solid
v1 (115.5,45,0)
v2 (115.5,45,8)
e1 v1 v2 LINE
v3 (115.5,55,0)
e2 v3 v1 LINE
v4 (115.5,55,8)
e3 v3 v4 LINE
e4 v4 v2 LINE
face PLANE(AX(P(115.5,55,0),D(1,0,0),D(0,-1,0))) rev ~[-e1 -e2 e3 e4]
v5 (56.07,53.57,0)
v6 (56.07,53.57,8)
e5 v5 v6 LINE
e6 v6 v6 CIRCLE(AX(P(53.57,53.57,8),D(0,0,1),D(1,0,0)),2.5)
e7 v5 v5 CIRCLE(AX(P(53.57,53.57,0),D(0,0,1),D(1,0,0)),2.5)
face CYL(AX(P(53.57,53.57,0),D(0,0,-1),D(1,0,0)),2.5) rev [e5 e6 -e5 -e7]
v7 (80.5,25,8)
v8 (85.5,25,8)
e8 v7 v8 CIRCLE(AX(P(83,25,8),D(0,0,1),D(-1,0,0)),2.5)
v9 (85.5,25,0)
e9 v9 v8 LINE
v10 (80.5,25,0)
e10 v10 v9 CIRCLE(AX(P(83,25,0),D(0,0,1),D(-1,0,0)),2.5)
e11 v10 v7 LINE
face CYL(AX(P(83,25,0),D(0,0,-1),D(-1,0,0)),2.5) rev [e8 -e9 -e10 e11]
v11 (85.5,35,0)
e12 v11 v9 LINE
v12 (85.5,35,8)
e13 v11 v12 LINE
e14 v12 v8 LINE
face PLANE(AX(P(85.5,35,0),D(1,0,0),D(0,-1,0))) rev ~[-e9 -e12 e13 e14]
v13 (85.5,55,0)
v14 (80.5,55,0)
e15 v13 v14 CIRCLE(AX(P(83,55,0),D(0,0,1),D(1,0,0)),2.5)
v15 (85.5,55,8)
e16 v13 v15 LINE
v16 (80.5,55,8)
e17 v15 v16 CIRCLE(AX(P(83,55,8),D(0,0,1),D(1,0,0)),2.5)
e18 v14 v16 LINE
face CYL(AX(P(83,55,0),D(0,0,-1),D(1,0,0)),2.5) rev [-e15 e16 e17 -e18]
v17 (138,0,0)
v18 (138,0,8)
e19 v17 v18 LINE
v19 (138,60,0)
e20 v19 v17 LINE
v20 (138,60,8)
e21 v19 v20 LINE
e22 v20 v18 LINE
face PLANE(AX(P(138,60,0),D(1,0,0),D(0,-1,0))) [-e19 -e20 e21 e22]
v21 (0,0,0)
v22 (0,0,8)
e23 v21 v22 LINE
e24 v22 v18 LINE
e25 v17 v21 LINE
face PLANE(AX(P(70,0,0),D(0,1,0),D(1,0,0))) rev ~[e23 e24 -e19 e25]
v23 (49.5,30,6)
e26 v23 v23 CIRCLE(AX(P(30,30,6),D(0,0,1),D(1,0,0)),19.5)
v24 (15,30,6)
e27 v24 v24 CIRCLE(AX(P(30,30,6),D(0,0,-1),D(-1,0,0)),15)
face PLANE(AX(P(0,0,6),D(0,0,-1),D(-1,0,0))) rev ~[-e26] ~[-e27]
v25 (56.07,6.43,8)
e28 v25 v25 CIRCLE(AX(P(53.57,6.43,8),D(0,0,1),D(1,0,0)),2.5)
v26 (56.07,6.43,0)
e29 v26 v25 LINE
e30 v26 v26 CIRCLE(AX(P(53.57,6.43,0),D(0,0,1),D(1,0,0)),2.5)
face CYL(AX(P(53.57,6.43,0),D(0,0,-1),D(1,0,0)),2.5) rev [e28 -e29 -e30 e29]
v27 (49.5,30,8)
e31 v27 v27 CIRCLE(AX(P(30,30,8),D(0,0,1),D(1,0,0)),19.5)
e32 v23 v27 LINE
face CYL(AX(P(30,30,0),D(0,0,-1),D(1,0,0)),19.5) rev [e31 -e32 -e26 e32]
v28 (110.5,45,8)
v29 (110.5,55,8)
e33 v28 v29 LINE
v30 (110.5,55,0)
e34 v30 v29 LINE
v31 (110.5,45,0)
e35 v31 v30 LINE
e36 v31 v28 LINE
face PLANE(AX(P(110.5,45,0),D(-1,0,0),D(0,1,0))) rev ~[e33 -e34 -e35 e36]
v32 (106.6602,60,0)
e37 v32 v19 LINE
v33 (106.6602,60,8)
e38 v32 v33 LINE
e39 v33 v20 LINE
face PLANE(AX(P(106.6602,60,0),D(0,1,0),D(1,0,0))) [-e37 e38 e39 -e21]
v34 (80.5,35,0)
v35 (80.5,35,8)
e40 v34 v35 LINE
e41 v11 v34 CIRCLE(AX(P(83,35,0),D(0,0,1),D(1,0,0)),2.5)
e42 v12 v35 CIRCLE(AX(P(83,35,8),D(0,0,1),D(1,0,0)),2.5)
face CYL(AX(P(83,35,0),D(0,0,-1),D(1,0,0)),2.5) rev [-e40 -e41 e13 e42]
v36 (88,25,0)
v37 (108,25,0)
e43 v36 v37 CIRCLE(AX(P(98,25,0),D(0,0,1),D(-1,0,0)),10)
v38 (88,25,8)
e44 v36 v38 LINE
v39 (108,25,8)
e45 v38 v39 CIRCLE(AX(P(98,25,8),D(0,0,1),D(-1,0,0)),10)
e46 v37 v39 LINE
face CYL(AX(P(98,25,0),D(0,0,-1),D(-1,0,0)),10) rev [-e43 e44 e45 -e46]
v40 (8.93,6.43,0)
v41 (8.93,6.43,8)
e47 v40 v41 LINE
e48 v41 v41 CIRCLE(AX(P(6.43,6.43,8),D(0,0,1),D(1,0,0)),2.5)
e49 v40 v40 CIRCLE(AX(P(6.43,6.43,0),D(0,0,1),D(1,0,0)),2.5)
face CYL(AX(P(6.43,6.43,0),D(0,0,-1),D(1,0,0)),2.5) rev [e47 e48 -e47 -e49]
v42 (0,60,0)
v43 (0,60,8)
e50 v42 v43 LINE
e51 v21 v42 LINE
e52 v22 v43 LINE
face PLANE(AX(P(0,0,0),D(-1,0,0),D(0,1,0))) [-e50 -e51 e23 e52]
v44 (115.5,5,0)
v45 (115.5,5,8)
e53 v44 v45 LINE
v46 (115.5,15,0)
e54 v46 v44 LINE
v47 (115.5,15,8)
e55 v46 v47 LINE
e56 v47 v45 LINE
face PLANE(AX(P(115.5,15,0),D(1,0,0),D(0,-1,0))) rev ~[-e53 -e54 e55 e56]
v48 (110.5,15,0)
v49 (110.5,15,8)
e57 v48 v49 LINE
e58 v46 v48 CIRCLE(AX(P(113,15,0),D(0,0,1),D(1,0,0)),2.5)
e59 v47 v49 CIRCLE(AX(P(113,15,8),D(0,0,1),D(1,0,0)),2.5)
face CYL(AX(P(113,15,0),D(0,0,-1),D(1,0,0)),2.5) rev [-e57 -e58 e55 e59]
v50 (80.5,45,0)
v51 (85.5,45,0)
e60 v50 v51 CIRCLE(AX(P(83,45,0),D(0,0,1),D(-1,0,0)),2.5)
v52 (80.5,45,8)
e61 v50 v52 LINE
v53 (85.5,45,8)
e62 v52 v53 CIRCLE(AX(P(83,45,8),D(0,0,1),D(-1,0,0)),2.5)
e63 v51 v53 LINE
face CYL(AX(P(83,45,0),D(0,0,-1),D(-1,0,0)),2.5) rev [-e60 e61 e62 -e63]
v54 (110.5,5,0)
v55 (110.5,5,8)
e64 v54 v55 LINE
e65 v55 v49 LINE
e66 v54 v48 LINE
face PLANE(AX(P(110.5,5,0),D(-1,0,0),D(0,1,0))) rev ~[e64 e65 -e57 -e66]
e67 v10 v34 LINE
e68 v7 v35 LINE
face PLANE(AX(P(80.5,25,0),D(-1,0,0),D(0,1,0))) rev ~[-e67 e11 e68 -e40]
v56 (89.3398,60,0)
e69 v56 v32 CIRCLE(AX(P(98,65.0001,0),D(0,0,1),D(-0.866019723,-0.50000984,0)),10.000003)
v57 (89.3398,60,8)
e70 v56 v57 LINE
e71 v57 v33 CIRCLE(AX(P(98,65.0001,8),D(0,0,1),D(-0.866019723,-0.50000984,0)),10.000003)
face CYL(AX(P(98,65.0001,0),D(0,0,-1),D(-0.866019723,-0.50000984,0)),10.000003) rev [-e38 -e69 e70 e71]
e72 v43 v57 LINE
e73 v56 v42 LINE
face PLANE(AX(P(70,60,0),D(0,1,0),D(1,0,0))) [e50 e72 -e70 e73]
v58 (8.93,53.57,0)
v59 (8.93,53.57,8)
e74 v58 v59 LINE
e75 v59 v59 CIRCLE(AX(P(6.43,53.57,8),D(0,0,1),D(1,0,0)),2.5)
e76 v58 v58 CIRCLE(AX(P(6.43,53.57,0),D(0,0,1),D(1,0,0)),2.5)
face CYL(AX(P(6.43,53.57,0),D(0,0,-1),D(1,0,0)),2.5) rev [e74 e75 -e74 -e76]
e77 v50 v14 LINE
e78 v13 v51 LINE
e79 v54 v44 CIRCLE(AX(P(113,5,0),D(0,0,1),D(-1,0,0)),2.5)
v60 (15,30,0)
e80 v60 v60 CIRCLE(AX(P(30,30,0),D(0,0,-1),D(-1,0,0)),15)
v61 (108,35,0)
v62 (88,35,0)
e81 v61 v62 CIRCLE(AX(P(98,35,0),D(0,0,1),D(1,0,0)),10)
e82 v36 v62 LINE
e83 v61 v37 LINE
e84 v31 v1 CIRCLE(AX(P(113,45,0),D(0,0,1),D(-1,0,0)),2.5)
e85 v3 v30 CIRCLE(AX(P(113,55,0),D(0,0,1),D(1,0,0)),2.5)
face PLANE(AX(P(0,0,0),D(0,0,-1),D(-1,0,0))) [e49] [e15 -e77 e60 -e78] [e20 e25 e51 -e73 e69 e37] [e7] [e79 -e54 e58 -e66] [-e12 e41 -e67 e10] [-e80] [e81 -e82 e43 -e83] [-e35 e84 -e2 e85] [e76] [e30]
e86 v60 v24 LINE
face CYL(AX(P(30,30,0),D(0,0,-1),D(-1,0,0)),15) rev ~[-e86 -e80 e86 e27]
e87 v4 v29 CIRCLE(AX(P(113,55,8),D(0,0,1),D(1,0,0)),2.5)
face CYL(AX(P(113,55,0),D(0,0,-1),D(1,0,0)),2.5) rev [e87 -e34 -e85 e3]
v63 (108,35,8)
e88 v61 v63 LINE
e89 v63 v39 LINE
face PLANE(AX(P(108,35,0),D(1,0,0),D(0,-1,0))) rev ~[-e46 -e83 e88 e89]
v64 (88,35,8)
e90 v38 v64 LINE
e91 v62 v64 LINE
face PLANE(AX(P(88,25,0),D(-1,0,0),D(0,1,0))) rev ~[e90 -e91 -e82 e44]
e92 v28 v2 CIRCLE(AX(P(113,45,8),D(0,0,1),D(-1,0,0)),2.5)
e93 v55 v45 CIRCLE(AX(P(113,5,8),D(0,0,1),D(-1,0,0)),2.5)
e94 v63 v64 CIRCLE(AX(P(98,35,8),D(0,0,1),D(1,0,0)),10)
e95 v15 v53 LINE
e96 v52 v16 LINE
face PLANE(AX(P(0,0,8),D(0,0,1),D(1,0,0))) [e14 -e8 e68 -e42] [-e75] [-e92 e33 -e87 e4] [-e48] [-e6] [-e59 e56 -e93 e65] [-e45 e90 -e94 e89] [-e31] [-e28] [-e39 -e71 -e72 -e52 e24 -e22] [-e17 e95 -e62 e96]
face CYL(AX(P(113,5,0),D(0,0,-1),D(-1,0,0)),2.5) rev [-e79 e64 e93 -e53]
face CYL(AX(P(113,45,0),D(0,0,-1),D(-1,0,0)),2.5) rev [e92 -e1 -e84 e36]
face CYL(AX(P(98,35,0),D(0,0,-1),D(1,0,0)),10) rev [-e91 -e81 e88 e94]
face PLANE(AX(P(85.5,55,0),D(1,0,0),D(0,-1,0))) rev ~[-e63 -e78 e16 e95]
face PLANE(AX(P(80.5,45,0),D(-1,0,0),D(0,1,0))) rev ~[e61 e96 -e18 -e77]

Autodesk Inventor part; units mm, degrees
ref_plane "YZ Plane" through (0, 0, 0) normal (1, 0, 0) x (0, 1, 0)
ref_plane "XZ Plane" through (0, 0, 0) normal (0, 1, 0) x (-1, 0, 0)
ref_plane "XY Plane" through (0, 0, 0) normal (0, 0, 1) x (1, 0, 0)
sketch "Szkic1" plane through (0, 0, 0) normal (0, 0, 1) x (1, 0, 0)
  arc A0 (89.3398, 60) -> (106.6602, 60) centre (98, 65.0001) ccw
  line L0 (70, 60) -> (89.3398, 60)
  line L1 (70, 0) -> (70, 60)
  line L2 (70, 0) -> (138, 0)
  line L3 (138, 60) -> (138, 0)
  line L4 (106.6602, 60) -> (138, 60)
  line L5 (80.5, 25) -> (80.5, 35)
  arc A1 (85.5, 35) -> (80.5, 35) centre (83, 35) ccw
  line L6 (85.5, 35) -> (85.5, 25)
  arc A2 (80.5, 25) -> (85.5, 25) centre (83, 25) ccw
  line L7 (115.5, 55) -> (115.5, 45)
  arc A3 (110.5, 45) -> (115.5, 45) centre (113, 45) ccw
  line L8 (110.5, 45) -> (110.5, 55)
  arc A4 (115.5, 55) -> (110.5, 55) centre (113, 55) ccw
  line L9 (80.5, 45) -> (80.5, 55)
  arc A5 (85.5, 55) -> (80.5, 55) centre (83, 55) ccw
  line L10 (85.5, 55) -> (85.5, 45)
  arc A6 (80.5, 45) -> (85.5, 45) centre (83, 45) ccw
  line L11 (115.5, 15) -> (115.5, 5)
  arc A7 (110.5, 5) -> (115.5, 5) centre (113, 5) ccw
  line L12 (110.5, 5) -> (110.5, 15)
  arc A8 (115.5, 15) -> (110.5, 15) centre (113, 15) ccw
  line L13 (88, 25) -> (88, 35)
  arc A9 (108, 35) -> (88, 35) centre (98, 35) ccw
  line L14 (108, 35) -> (108, 25)
  arc A10 (88, 25) -> (108, 25) centre (98, 25) ccw
  circle A11 centre (30, 30) radius 19.5
  circle A12 centre (53.57, 53.57) radius 2.5
  circle A13 centre (6.43, 6.43) radius 2.5
  circle A14 centre (6.43, 53.57) radius 2.5
  circle A15 centre (53.57, 6.43) radius 2.5
  line L15 (70, 60) -> (70, 0)
  line L16 (0, 60) -> (70, 60)
  line L17 (0, 0) -> (0, 60)
  line L18 (70, 0) -> (0, 0)
  circle A16 centre (30, 30) radius 15
  point P0 (35, 30)
extrude "Wyciągnięcie proste1" add sketch "Szkic1" along normal blind 8 contours A0 L4 L3 L2 L1 L0 | L1 L18 L17 L16
sketch "Szkic2" plane through (0, 0, 0) normal (0, 0, -1) x (-1, 0, 0)
  circle A0 centre (-30, 30) radius 15 projected
  circle A1 centre (-30, 30) radius 19.5 projected
  point P0 (0, 0)
extrude "Wyciągnięcie proste2" add sketch "Szkic2" against normal blind 6
thread "Gwint1" size "M5x0.8" class "6H" standard "ANSI Metric M Profile" full length
thread "Gwint2" size "M5x0.8" class "6H" standard "ANSI Metric M Profile" full length
thread "Gwint3" size "M5x0.8" class "6H" standard "ANSI Metric M Profile" full length
thread "Gwint4" size "M5x0.8" class "6H" standard "ANSI Metric M Profile" full length
properties part number "Uchwyt silnika krokowego osi X - płaski"
